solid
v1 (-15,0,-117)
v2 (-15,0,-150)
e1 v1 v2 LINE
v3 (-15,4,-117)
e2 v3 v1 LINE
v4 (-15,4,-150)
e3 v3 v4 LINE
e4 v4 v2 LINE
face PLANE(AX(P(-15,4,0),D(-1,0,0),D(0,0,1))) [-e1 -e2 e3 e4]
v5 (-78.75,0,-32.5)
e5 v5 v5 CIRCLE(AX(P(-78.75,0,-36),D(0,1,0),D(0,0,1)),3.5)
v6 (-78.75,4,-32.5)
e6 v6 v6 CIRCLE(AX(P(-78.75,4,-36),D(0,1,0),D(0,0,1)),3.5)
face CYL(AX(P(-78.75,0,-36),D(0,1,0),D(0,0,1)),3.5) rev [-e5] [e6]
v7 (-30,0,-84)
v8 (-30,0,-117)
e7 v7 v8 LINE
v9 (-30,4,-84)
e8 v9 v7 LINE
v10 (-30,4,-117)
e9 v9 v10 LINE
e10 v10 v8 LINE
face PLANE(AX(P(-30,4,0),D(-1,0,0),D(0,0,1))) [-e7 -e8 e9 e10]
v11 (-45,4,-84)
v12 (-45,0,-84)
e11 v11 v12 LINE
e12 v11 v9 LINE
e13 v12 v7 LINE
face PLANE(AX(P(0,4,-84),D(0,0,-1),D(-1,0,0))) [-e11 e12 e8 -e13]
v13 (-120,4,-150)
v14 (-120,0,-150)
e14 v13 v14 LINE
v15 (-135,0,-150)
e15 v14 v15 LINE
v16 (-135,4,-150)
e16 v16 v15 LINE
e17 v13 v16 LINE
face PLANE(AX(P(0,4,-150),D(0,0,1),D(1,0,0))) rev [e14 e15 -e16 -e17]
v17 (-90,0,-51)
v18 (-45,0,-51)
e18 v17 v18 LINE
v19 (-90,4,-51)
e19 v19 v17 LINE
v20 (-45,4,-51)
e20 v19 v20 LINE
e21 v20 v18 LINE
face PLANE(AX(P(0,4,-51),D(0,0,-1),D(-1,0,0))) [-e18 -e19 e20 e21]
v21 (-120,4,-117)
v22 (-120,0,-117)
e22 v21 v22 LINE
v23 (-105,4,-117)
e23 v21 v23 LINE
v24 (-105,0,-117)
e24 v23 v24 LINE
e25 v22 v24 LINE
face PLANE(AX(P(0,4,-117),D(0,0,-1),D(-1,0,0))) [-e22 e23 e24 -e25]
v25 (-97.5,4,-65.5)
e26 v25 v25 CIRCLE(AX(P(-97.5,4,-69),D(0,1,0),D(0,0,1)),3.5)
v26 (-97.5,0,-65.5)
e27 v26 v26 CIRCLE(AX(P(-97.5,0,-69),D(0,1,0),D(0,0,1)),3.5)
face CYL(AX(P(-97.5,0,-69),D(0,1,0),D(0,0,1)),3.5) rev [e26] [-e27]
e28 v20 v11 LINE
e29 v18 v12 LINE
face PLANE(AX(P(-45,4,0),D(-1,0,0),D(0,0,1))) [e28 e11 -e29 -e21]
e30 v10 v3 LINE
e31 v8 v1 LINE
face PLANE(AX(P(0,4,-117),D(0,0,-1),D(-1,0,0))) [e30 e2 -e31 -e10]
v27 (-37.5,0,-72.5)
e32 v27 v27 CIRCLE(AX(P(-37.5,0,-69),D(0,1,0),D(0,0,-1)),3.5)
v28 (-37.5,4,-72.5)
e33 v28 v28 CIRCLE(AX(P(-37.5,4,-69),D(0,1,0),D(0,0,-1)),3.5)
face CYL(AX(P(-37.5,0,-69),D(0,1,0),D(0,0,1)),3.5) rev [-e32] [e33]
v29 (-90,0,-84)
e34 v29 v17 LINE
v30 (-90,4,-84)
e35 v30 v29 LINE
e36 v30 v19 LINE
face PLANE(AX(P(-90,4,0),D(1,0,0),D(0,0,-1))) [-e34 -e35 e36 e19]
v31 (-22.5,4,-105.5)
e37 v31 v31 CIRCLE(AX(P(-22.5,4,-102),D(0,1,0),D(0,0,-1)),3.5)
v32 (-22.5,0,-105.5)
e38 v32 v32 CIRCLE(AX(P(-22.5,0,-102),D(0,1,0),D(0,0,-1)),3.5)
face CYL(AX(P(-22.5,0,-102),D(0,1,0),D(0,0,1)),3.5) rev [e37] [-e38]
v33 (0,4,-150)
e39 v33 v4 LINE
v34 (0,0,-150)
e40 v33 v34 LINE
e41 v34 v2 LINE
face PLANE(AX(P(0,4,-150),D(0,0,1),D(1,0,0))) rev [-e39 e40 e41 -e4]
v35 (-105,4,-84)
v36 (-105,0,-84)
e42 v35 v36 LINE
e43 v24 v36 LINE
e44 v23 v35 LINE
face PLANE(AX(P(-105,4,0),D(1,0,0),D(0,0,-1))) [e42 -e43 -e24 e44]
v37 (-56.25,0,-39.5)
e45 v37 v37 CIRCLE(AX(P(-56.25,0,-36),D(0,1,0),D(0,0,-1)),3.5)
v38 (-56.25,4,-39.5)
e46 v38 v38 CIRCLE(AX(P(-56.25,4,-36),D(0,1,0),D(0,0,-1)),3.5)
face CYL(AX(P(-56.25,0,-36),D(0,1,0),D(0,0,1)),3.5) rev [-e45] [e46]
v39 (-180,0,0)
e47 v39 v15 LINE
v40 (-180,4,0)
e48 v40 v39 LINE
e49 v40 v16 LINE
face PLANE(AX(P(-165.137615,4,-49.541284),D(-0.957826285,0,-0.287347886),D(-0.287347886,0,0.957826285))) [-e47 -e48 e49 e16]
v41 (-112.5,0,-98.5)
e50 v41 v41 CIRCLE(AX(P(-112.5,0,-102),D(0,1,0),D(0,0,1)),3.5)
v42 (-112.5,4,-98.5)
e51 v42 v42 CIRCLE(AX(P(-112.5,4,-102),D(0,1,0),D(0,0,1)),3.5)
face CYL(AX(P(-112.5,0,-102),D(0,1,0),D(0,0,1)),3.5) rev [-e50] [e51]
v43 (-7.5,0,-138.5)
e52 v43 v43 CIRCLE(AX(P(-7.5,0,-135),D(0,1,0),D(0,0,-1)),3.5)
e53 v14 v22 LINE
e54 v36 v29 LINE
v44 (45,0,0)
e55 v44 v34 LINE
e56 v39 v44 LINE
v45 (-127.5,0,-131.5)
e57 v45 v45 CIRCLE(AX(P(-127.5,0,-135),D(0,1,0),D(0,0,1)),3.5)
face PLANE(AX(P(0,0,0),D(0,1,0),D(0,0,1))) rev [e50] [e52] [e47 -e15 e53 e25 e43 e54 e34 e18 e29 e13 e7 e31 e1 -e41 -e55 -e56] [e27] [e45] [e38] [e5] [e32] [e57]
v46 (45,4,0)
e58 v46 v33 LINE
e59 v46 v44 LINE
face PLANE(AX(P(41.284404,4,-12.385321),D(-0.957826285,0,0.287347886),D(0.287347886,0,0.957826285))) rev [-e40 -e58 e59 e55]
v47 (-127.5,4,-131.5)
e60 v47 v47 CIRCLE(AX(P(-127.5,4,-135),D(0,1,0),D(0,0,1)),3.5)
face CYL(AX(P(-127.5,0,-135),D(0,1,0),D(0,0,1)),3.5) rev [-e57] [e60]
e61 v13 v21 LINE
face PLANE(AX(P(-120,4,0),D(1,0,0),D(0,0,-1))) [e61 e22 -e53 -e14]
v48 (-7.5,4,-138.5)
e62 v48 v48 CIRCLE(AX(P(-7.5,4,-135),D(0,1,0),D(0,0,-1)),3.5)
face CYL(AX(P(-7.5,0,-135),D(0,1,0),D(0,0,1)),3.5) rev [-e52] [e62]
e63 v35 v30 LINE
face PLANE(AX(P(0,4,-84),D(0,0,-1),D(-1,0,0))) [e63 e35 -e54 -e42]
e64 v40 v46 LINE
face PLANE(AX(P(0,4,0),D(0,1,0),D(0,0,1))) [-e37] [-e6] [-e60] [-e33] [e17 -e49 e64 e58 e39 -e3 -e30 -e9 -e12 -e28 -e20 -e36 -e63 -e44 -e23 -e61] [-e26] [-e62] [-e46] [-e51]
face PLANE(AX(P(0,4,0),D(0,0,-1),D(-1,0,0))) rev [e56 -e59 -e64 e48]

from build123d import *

# Parameters (mm, degrees)
BOSS_EXTRUDE2_DEPTH = 4
SKETCH2_R           = 3.5
CUT_EXTRUDE1_DEPTH  = 4
SKETCH3_W           = 225
SKETCH3_H           = 150
BOSS_EXTRUDE3_DEPTH = 4


with BuildPart() as part:
    # Sketch1 → Boss-Extrude2 (new body)
    with BuildSketch(Plane(origin=(0, 0, 0), x_dir=(1, 0, 0), z_dir=(0, 1, 0))):
        Polygon((-120, 117), (-120, 150), (-135, 150), (-180, 0), (-135, 0), (0, 0), (45, 0), (0, 150), (-15, 150), (-15, 117), (-30, 117), (-30, 84), (-45, 84), (-45, 51), (-90, 51), (-90, 84), (-105, 84), (-105, 117), align=None)
    extrude(amount=BOSS_EXTRUDE2_DEPTH)

    # Sketch2 → Cut-Extrude1 (cut)
    with BuildSketch(Plane(origin=(0, 4, 0), x_dir=(1, 0, 0), z_dir=(0, 1, 0))):
        with Locations(Location((-127.5, 135, 0), (0, 0, 270))):
            Circle(SKETCH2_R)
        with Locations(Location((-112.5, 102, 0), (0, 0, 270))):
            Circle(SKETCH2_R)
        with Locations(Location((-97.5, 69, 0), (0, 0, 270))):
            Circle(SKETCH2_R)
        with Locations(Location((-78.75, 36, 0), (0, 0, 270))):
            Circle(SKETCH2_R)
        with Locations(Location((-56.25, 36, 0), (0, 0, 90))):
            Circle(SKETCH2_R)
        with Locations(Location((-37.5, 69, 0), (0, 0, 90))):
            Circle(SKETCH2_R)
        with Locations(Location((-22.5, 102, 0), (0, 0, 90))):
            Circle(SKETCH2_R)
        with Locations(Location((-7.5, 135, 0), (0, 0, 90))):
            Circle(SKETCH2_R)
    extrude(amount=-CUT_EXTRUDE1_DEPTH, mode=Mode.SUBTRACT)

    # Sketch3 → Boss-Extrude3 (add)
    with BuildSketch(Plane(origin=(0, 4, 0), x_dir=(1, 0, 0), z_dir=(0, 1, 0))):
        with Locations((-67.5, -75)):
            Rectangle(SKETCH3_W, SKETCH3_H)
    extrude(amount=BOSS_EXTRUDE3_DEPTH)


with BuildPart() as boss_extrude3_kept_piece:
    # of the separate pieces the step leaves, the one the design keeps (boss_extrude3_pieces_kept)
    add(part.part.solids().sort_by_distance((-120, 0, -117))[0])


solid = boss_extrude3_kept_piece.part
